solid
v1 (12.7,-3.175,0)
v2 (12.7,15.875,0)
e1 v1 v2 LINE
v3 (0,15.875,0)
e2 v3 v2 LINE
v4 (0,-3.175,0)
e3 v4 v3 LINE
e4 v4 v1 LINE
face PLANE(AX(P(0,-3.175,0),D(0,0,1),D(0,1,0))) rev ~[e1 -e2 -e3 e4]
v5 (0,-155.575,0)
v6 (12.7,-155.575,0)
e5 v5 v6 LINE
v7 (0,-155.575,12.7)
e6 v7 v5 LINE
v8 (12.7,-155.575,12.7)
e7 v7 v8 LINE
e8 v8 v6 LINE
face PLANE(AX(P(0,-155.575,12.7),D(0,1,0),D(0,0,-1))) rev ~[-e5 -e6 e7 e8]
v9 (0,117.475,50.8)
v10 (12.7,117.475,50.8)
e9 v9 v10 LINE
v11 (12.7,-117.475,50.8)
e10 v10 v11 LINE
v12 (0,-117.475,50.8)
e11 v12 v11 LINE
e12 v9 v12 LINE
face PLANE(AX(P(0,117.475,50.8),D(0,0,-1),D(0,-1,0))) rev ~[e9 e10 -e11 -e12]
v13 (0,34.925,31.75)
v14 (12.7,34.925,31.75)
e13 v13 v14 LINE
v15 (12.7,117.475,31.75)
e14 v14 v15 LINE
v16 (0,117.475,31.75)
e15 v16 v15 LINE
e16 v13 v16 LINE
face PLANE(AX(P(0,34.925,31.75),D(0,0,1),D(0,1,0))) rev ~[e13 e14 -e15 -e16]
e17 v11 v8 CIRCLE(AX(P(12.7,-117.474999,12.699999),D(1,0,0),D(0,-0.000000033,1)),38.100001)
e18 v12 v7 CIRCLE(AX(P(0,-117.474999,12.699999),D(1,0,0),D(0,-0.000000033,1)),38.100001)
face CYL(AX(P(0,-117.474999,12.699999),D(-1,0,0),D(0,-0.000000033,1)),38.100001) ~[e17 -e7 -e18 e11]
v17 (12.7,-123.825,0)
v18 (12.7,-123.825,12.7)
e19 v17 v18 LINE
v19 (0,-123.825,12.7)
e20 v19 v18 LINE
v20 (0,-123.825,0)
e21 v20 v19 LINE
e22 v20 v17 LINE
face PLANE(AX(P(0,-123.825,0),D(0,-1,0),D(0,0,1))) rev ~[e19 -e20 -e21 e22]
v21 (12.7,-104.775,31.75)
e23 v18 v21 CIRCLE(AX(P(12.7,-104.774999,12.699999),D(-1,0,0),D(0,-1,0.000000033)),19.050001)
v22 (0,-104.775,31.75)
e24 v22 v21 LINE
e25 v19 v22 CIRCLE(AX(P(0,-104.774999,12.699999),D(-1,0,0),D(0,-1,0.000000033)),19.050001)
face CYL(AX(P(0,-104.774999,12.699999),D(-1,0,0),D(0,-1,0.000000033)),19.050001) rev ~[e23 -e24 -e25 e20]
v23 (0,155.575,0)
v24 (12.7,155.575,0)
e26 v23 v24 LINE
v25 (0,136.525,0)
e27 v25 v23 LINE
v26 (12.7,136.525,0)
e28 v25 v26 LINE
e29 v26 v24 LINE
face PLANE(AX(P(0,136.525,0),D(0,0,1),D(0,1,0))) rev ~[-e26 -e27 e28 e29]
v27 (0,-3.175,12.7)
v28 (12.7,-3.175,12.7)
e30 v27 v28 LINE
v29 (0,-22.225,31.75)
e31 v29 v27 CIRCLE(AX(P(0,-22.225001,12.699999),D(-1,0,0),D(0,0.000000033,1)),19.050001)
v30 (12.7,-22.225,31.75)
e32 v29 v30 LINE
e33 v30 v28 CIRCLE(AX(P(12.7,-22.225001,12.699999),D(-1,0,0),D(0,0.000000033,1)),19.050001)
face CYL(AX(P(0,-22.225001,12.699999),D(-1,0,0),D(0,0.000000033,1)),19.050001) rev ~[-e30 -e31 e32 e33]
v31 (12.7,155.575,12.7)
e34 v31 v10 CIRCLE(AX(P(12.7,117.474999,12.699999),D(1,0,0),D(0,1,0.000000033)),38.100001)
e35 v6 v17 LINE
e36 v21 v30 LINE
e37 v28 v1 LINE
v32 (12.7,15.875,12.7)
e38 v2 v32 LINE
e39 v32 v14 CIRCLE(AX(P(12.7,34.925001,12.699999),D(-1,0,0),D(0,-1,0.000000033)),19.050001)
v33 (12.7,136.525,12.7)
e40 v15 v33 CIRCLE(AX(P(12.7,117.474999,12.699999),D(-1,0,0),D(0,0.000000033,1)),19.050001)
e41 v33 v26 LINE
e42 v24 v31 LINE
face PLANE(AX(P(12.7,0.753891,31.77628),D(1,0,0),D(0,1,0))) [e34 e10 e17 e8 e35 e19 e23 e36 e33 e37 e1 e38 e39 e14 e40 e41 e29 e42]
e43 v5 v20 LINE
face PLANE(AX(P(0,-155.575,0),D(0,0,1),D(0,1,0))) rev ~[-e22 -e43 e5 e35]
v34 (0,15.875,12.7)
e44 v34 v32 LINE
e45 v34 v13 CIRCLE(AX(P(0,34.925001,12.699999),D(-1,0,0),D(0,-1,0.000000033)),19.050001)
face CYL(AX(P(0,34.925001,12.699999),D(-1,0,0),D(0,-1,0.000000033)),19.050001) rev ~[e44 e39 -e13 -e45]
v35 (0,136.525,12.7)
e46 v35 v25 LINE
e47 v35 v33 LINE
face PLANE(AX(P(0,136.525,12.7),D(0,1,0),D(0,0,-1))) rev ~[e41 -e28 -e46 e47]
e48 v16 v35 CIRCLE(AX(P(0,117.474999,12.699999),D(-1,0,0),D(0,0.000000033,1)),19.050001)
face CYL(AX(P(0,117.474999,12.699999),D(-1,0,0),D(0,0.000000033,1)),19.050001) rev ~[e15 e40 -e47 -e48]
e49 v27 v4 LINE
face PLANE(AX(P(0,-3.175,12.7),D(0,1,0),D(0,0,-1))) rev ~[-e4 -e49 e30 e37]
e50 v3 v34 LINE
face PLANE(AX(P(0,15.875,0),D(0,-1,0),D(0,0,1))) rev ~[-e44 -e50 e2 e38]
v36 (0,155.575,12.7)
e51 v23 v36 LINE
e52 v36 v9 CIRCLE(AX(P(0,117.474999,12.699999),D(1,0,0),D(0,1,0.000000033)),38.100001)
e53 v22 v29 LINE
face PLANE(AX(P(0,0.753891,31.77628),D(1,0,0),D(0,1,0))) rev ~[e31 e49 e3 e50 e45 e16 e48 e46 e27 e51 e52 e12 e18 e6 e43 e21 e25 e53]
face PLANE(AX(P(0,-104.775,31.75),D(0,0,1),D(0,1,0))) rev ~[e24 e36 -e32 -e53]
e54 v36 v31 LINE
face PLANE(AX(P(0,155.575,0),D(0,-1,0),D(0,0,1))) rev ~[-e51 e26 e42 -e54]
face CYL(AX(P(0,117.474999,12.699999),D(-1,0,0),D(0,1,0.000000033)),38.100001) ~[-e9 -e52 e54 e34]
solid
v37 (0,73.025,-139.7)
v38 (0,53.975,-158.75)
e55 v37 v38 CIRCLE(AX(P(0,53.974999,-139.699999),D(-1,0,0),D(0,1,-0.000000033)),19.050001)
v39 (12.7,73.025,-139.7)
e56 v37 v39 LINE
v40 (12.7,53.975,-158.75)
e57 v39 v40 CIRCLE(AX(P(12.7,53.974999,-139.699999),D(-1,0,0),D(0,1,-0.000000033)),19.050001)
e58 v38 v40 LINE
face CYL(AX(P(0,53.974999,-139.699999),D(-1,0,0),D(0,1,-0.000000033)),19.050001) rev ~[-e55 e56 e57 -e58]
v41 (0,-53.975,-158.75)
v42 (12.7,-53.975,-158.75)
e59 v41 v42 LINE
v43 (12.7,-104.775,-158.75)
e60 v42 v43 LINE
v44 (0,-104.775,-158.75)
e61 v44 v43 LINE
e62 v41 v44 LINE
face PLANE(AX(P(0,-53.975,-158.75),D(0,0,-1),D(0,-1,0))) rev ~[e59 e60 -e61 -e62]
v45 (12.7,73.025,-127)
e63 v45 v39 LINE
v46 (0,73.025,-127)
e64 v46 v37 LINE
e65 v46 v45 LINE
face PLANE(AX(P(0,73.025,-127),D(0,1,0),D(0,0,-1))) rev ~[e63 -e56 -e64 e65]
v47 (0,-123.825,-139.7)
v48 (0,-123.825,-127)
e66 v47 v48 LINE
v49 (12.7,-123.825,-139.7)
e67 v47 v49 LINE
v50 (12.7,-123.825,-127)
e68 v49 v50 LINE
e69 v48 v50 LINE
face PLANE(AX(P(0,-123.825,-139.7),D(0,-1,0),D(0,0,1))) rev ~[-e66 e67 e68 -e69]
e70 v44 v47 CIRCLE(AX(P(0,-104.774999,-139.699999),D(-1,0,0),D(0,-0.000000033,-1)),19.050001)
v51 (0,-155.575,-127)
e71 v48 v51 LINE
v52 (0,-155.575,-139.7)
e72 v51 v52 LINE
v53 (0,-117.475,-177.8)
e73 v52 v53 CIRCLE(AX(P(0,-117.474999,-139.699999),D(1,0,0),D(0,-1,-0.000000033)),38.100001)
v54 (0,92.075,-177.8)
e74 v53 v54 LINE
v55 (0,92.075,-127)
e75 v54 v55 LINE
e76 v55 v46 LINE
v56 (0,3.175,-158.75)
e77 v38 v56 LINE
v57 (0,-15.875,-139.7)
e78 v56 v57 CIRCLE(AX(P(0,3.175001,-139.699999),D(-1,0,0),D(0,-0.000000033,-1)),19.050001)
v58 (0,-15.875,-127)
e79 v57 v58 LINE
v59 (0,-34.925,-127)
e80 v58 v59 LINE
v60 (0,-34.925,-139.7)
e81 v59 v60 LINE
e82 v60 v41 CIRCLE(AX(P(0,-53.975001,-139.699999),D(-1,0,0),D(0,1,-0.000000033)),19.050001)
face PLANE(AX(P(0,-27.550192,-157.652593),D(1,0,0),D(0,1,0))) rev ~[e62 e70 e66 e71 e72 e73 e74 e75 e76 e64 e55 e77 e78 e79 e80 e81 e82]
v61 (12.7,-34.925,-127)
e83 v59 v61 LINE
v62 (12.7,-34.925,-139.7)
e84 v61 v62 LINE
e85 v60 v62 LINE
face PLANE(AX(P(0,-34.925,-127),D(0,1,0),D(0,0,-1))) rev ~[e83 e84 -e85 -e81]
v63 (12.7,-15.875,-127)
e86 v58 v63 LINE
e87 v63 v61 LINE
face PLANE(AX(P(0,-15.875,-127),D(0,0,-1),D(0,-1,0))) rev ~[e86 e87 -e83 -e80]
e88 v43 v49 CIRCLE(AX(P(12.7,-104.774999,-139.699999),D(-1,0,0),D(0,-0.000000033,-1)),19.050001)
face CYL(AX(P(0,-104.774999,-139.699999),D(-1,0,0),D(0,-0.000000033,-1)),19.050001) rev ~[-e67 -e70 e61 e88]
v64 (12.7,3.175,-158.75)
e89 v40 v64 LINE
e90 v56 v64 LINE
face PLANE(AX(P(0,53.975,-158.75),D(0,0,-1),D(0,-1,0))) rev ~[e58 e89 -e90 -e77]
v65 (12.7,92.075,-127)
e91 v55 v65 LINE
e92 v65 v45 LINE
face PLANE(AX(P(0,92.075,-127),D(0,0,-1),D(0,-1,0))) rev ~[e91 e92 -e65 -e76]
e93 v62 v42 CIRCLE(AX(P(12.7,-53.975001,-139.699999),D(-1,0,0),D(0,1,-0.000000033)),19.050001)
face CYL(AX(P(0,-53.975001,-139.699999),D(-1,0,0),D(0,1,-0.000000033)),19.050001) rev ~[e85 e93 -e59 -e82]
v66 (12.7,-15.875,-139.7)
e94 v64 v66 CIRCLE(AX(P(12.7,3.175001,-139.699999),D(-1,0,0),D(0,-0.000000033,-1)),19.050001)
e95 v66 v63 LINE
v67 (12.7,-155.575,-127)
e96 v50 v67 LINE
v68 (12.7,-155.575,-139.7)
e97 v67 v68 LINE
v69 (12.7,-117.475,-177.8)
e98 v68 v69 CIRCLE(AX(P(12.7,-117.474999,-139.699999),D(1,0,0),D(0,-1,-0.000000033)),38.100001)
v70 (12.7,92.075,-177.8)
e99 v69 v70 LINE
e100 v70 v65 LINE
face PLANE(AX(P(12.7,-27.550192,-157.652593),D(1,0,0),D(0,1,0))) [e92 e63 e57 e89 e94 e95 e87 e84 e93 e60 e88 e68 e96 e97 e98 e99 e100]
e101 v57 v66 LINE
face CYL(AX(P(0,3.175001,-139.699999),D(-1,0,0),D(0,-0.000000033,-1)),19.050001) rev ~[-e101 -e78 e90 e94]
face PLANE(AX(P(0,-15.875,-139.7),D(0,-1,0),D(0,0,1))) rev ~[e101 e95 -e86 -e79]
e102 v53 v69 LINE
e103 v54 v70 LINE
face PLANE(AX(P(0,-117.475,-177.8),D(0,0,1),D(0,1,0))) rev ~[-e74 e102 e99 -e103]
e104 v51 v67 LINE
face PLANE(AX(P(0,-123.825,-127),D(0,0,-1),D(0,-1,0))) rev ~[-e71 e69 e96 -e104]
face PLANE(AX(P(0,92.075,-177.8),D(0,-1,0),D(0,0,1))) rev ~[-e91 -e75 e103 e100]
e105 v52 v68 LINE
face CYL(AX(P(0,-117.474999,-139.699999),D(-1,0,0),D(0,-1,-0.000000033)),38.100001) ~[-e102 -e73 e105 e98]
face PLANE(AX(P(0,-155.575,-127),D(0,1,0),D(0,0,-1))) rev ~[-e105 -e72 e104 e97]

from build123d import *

# Parameters (mm, degrees)
F1_DEPTH = 12.7
F2_DEPTH = 12.7


with BuildPart() as f1:
    # F0 (on Right) → F1 (new body)
    with BuildSketch(Plane.YZ):
        with BuildLine():
            Line((-155.575, 12.7), (-155.575, 0))
            Line((-155.575, 0), (-123.825, 0))
            Line((-123.825, 0), (-123.825, 12.7))
            ThreePointArc((-123.825, 12.7), (-118.245384, 26.170384), (-104.775, 31.75))
            Line((-104.775, 31.75), (-22.225, 31.75))
            ThreePointArc((-22.225, 31.75), (-8.754616, 26.170384), (-3.175, 12.7))
            Line((-3.175, 12.7), (-3.175, 0))
            Line((-3.175, 0), (15.875, 0))
            Line((15.875, 0), (15.875, 12.7))
            ThreePointArc((15.875, 12.7), (21.454616, 26.170384), (34.925, 31.75))
            Line((34.925, 31.75), (117.475, 31.75))
            ThreePointArc((117.475, 31.75), (130.945384, 26.170384), (136.525, 12.7))
            Line((136.525, 12.7), (136.525, 0))
            Line((136.525, 0), (155.575, 0))
            Line((155.575, 0), (155.575, 12.7))
            ThreePointArc((155.575, 12.7), (144.415768, 39.640768), (117.475, 50.8))
            Line((117.475, 50.8), (-117.475, 50.8))
            ThreePointArc((-117.475, 50.8), (-144.415768, 39.640768), (-155.575, 12.7))
        make_face()
    extrude(amount=F1_DEPTH)


with BuildPart() as f2:
    # F0 (on Right) → F2 (new body)
    with BuildSketch(Plane.YZ):
        with BuildLine():
            Line((-123.825, -127), (-155.575, -127))
            Line((-155.575, -127), (-155.575, -139.7))
            ThreePointArc((-155.575, -139.7), (-144.415768, -166.640768), (-117.475, -177.8))
            Line((-117.475, -177.8), (92.075, -177.8))
            Line((92.075, -177.8), (92.075, -127))
            Line((92.075, -127), (73.025, -127))
            Line((73.025, -127), (73.025, -139.7))
            ThreePointArc((73.025, -139.7), (67.445384, -153.170384), (53.975, -158.75))
            Line((53.975, -158.75), (3.175, -158.75))
            ThreePointArc((3.175, -158.75), (-10.295384, -153.170384), (-15.875, -139.7))
            Line((-15.875, -139.7), (-15.875, -127))
            Line((-15.875, -127), (-34.925, -127))
            Line((-34.925, -127), (-34.925, -139.7))
            ThreePointArc((-34.925, -139.7), (-40.504616, -153.170384), (-53.975, -158.75))
            Line((-53.975, -158.75), (-104.775, -158.75))
            ThreePointArc((-104.775, -158.75), (-118.245384, -153.170384), (-123.825, -139.7))
            Line((-123.825, -139.7), (-123.825, -127))
        make_face()
    extrude(amount=F2_DEPTH)


solid = Compound([f1.part, f2.part])
